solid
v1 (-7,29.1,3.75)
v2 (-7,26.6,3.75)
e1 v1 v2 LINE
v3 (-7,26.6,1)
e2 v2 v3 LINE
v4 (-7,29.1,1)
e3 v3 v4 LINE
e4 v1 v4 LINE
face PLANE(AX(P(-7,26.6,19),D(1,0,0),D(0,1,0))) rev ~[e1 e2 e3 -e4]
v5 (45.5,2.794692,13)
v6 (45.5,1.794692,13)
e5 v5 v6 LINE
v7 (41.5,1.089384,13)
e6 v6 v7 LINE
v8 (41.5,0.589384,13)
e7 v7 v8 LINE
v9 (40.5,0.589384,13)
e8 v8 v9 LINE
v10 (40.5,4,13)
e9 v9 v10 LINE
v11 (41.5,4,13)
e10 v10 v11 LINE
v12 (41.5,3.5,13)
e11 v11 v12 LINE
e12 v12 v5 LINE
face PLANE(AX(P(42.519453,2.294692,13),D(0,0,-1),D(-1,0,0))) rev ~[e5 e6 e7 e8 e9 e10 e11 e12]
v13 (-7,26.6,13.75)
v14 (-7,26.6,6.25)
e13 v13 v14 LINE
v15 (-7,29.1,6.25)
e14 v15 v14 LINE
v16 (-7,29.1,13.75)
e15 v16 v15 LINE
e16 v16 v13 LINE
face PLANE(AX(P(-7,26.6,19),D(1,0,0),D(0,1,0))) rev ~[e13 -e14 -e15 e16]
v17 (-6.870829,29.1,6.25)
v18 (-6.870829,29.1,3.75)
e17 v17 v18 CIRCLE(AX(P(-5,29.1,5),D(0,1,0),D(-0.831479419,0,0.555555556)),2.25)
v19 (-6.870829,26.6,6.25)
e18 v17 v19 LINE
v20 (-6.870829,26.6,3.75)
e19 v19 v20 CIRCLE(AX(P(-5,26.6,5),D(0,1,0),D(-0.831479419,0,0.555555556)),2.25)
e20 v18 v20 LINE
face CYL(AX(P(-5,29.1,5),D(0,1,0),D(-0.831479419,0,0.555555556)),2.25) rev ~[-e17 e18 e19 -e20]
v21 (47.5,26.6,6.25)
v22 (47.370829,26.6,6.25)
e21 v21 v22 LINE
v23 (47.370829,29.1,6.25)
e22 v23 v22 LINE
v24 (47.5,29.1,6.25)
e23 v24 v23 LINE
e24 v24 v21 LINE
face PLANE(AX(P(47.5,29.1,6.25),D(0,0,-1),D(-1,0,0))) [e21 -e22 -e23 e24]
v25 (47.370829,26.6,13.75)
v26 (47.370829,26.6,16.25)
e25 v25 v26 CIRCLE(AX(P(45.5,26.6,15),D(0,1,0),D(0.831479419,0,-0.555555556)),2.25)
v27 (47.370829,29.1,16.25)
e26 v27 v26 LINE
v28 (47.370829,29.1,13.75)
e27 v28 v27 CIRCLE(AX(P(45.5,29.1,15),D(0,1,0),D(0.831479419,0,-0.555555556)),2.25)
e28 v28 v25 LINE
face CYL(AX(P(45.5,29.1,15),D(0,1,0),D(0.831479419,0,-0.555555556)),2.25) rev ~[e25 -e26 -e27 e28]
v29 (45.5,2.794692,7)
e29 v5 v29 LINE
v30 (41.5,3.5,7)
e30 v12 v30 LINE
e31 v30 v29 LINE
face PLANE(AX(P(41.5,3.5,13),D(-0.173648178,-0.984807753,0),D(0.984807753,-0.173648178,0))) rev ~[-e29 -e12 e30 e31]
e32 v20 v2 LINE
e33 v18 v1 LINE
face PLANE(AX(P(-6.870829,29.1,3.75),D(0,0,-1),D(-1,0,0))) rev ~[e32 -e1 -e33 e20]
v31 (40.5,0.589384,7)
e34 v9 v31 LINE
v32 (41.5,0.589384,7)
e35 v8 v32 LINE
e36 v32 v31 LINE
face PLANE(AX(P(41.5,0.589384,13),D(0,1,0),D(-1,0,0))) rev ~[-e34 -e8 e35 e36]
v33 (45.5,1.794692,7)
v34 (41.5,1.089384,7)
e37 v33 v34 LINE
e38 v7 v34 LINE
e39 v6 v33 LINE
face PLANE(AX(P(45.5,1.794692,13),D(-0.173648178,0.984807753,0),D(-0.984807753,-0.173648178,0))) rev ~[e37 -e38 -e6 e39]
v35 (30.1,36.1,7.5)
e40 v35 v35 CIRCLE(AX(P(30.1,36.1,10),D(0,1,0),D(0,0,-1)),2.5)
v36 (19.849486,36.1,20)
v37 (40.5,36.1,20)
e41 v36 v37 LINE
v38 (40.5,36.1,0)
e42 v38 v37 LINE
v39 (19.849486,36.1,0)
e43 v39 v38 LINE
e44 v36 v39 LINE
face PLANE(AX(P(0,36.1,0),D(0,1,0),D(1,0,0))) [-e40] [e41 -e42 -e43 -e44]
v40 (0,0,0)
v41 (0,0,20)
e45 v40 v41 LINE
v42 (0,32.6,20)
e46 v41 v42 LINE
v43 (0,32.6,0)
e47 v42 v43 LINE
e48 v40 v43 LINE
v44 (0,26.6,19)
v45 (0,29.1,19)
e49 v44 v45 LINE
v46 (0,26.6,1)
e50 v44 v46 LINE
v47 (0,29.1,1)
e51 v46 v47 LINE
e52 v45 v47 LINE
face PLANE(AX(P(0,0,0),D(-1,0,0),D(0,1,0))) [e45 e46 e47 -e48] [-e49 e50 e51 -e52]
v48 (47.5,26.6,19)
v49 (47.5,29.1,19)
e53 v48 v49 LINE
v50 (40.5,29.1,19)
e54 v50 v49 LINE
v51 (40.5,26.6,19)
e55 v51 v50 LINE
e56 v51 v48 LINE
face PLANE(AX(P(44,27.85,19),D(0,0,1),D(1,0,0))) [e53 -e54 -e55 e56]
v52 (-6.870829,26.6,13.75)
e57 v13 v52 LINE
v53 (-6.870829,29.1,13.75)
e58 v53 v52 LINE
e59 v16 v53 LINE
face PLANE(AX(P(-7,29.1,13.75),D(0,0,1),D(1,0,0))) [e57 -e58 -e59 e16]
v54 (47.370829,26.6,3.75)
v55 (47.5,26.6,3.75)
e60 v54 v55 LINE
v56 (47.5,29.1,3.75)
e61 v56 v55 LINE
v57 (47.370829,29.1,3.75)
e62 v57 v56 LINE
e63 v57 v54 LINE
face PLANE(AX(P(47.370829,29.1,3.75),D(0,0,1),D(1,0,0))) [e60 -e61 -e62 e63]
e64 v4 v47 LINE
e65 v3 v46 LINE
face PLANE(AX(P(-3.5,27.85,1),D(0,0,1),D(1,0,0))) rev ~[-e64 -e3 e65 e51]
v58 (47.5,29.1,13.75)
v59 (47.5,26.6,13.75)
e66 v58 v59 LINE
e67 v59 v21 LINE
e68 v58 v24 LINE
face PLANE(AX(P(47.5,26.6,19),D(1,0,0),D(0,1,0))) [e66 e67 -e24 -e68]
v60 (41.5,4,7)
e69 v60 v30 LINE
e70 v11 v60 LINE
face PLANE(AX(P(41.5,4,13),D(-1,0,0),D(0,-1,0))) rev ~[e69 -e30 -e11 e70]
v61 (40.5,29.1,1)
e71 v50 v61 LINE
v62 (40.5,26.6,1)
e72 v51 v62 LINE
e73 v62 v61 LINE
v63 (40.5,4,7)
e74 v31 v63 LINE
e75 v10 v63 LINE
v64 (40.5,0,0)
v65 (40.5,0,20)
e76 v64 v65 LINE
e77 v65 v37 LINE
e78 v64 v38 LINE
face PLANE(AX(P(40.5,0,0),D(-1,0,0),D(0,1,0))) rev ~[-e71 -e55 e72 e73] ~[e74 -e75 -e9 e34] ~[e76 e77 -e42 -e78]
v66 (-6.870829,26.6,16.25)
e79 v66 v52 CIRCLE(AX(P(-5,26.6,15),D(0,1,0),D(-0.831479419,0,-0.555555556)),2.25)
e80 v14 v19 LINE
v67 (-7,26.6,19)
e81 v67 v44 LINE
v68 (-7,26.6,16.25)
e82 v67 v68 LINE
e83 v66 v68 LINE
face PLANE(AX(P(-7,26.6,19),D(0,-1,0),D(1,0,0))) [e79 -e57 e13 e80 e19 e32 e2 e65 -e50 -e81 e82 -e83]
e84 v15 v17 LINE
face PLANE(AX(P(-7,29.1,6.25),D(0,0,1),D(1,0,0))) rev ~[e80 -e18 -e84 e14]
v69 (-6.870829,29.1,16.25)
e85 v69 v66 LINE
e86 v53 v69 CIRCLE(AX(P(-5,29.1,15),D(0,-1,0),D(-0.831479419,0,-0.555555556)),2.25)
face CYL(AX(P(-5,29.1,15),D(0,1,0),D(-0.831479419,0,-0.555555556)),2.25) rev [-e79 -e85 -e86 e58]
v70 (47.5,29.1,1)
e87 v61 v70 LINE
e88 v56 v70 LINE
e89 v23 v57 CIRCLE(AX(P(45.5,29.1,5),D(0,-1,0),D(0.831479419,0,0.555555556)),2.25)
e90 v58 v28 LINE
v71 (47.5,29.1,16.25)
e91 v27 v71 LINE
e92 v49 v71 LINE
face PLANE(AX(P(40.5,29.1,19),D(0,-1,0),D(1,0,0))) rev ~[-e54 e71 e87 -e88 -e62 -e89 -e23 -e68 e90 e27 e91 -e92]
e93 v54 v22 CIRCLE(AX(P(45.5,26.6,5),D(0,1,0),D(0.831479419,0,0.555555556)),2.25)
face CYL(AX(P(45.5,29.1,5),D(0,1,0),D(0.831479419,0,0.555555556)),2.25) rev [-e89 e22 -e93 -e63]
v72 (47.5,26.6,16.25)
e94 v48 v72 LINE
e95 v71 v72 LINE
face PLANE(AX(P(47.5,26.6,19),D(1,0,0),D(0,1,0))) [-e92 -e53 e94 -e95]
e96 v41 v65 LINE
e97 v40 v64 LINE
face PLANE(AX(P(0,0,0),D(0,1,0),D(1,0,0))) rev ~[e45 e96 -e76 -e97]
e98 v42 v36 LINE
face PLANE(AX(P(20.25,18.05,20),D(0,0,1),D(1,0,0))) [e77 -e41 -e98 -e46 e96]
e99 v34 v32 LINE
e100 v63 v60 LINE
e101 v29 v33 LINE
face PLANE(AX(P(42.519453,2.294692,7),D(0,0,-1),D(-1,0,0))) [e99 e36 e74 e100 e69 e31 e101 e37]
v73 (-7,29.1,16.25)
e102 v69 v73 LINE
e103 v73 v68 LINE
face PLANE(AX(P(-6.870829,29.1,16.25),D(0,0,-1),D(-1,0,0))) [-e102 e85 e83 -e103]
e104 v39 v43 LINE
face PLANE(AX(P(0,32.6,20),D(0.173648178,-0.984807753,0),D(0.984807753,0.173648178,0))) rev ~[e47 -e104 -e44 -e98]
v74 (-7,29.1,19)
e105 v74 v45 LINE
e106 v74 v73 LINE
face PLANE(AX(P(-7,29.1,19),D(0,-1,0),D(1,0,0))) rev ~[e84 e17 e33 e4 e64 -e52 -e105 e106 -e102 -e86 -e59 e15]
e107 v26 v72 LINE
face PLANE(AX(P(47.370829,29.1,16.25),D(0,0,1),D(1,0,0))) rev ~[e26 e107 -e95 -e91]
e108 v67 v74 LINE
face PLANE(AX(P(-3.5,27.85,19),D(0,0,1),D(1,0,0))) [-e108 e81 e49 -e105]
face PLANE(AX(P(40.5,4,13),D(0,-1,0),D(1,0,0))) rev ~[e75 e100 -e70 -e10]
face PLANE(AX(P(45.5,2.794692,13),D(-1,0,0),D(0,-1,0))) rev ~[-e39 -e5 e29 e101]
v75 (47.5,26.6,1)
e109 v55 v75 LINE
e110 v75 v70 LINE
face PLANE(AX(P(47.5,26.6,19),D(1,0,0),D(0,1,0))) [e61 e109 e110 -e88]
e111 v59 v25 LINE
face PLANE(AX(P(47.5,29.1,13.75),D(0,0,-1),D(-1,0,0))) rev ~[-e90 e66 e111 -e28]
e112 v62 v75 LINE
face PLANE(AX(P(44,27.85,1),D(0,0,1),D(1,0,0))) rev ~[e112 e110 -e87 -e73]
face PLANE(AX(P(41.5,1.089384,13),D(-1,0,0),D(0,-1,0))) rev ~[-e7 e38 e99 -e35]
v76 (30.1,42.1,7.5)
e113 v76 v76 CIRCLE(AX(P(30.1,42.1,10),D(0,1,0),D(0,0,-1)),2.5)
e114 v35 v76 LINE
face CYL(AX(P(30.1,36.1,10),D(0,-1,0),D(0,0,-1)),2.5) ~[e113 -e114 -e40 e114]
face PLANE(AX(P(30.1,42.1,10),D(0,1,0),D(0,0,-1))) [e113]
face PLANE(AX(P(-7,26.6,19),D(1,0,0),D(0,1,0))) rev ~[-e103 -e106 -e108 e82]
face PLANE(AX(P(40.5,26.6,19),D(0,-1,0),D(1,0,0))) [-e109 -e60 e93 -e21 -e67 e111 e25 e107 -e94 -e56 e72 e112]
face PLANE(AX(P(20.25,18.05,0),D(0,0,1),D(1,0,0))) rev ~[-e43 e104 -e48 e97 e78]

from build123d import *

# Parameters (mm, degrees)
SKETCH1_W           = 40.5
SKETCH1_H           = 36.1
BOSS_EXTRUDE1_DEPTH = 20
BOSS_EXTRUDE2_START = -1
SKETCH2_W           = 7
SKETCH2_H           = 2.5
BOSS_EXTRUDE2_DEPTH = 18
CUT_EXTRUDE1_REACH  = 61.187
SKETCH4_R           = 2.5
BOSS_EXTRUDE3_DEPTH = 6
BOSS_EXTRUDE4_START = -7
BOSS_EXTRUDE4_DEPTH = 6
CUT_EXTRUDE2_REACH  = 68.548


with BuildPart() as part:
    # Sketch1 → Boss-Extrude1 (new body)
    with BuildSketch(Plane.XY):
        with Locations((20.25, 18.05)):
            Rectangle(SKETCH1_W, SKETCH1_H)
    extrude(amount=BOSS_EXTRUDE1_DEPTH)

    # Sketch2 → Boss-Extrude2 (add)
    with BuildSketch(Plane.XY.offset(20).offset(BOSS_EXTRUDE2_START)):
        with Locations((-3.5, 27.85)):
            Rectangle(SKETCH2_W, SKETCH2_H)
        with Locations((44, 27.85)):
            Rectangle(SKETCH2_W, SKETCH2_H)
    extrude(amount=-BOSS_EXTRUDE2_DEPTH)

    # Sketch3 → Cut-Extrude1 (cut, up to next)
    with BuildSketch(Plane(origin=(0, 29.1, 0), x_dir=(1, 0, 0), z_dir=(0, 1, 0)), mode=Mode.PRIVATE) as cut_extrude1_sk1:
        with BuildLine():
            Line((-6.870828693, -3.75), (-7, -3.75))
            Line((-7, -3.75), (-7, -6.25))
            Line((-7, -6.25), (-6.870828693, -6.25))
            ThreePointArc((-6.870828693, -6.25), (-2.75, -5), (-6.870828693, -3.75))
        make_face()
    cut_extrude1_tool1 = extrude(cut_extrude1_sk1.sketch, amount=-CUT_EXTRUDE1_REACH, mode=Mode.PRIVATE) & part.part
    # Sketch3 → Cut-Extrude1 (cut, up to next)
    with BuildSketch(Plane(origin=(0, 29.1, 0), x_dir=(1, 0, 0), z_dir=(0, 1, 0)), mode=Mode.PRIVATE) as cut_extrude1_sk2:
        with BuildLine():
            Line((-7, -13.75), (-6.870828693, -13.75))
            ThreePointArc((-6.870828693, -13.75), (-2.75, -15), (-6.870828693, -16.25))
            Line((-6.870828693, -16.25), (-7, -16.25))
            Line((-7, -16.25), (-7, -13.75))
        make_face()
    cut_extrude1_tool2 = extrude(cut_extrude1_sk2.sketch, amount=-CUT_EXTRUDE1_REACH, mode=Mode.PRIVATE) & part.part
    # Sketch3 → Cut-Extrude1 (cut, up to next)
    with BuildSketch(Plane(origin=(0, 29.1, 0), x_dir=(1, 0, 0), z_dir=(0, 1, 0)), mode=Mode.PRIVATE) as cut_extrude1_sk3:
        with BuildLine():
            Line((47.370828693, -16.25), (47.5, -16.25))
            Line((47.5, -16.25), (47.5, -13.75))
            Line((47.5, -13.75), (47.370828693, -13.75))
            ThreePointArc((47.370828693, -13.75), (43.25, -15), (47.370828693, -16.25))
        make_face()
    cut_extrude1_tool3 = extrude(cut_extrude1_sk3.sketch, amount=-CUT_EXTRUDE1_REACH, mode=Mode.PRIVATE) & part.part
    # Sketch3 → Cut-Extrude1 (cut, up to next)
    with BuildSketch(Plane(origin=(0, 29.1, 0), x_dir=(1, 0, 0), z_dir=(0, 1, 0)), mode=Mode.PRIVATE) as cut_extrude1_sk4:
        with BuildLine():
            Line((47.5, -6.25), (47.370828693, -6.25))
            ThreePointArc((47.370828693, -6.25), (43.25, -5), (47.370828693, -3.75))
            Line((47.370828693, -3.75), (47.5, -3.75))
            Line((47.5, -3.75), (47.5, -6.25))
        make_face()
    cut_extrude1_tool4 = extrude(cut_extrude1_sk4.sketch, amount=-CUT_EXTRUDE1_REACH, mode=Mode.PRIVATE) & part.part
    add(cut_extrude1_tool1.solids().sort_by_distance((-4.956552, 29.1, 5))[0], mode=Mode.SUBTRACT)
    add(cut_extrude1_tool2.solids().sort_by_distance((-4.956552, 29.1, 15))[0], mode=Mode.SUBTRACT)
    add(cut_extrude1_tool3.solids().sort_by_distance((45.456552, 29.1, 15))[0], mode=Mode.SUBTRACT)
    add(cut_extrude1_tool4.solids().sort_by_distance((45.456552, 29.1, 5))[0], mode=Mode.SUBTRACT)

    # Sketch4 → Boss-Extrude3 (add)
    with BuildSketch(Plane(origin=(0, 36.1, 0), x_dir=(1, 0, 0), z_dir=(0, 1, 0))):
        with Locations(Location((30.1, -10, 0), (0, 0, 90))):
            Circle(SKETCH4_R)
    extrude(amount=BOSS_EXTRUDE3_DEPTH)

    # Sketch5 → Boss-Extrude4 (add)
    with BuildSketch(Plane.XY.offset(20).offset(BOSS_EXTRUDE4_START)):
        Polygon((40.5, 4), (41.5, 4), (41.5, 3.5), (45.5, 2.794692077), (45.5, 1.794692077), (41.5, 1.089384154), (41.5, 0.589384154), (40.5, 0.589384154), align=None)
    extrude(amount=-BOSS_EXTRUDE4_DEPTH)

    # Sketch6 → Cut-Extrude2 (cut, up to next)
    with BuildSketch(Plane.XY.offset(20), mode=Mode.PRIVATE) as cut_extrude2_sk1:
        Polygon((0, 32.6), (19.849486369, 36.1), (0, 36.1), align=None)
    cut_extrude2_tool1 = extrude(cut_extrude2_sk1.sketch, amount=-CUT_EXTRUDE2_REACH, mode=Mode.PRIVATE) & part.part
    add(cut_extrude2_tool1.solids().sort_by_distance((6.616495, 34.933333, 20))[0], mode=Mode.SUBTRACT)


solid = part.part
